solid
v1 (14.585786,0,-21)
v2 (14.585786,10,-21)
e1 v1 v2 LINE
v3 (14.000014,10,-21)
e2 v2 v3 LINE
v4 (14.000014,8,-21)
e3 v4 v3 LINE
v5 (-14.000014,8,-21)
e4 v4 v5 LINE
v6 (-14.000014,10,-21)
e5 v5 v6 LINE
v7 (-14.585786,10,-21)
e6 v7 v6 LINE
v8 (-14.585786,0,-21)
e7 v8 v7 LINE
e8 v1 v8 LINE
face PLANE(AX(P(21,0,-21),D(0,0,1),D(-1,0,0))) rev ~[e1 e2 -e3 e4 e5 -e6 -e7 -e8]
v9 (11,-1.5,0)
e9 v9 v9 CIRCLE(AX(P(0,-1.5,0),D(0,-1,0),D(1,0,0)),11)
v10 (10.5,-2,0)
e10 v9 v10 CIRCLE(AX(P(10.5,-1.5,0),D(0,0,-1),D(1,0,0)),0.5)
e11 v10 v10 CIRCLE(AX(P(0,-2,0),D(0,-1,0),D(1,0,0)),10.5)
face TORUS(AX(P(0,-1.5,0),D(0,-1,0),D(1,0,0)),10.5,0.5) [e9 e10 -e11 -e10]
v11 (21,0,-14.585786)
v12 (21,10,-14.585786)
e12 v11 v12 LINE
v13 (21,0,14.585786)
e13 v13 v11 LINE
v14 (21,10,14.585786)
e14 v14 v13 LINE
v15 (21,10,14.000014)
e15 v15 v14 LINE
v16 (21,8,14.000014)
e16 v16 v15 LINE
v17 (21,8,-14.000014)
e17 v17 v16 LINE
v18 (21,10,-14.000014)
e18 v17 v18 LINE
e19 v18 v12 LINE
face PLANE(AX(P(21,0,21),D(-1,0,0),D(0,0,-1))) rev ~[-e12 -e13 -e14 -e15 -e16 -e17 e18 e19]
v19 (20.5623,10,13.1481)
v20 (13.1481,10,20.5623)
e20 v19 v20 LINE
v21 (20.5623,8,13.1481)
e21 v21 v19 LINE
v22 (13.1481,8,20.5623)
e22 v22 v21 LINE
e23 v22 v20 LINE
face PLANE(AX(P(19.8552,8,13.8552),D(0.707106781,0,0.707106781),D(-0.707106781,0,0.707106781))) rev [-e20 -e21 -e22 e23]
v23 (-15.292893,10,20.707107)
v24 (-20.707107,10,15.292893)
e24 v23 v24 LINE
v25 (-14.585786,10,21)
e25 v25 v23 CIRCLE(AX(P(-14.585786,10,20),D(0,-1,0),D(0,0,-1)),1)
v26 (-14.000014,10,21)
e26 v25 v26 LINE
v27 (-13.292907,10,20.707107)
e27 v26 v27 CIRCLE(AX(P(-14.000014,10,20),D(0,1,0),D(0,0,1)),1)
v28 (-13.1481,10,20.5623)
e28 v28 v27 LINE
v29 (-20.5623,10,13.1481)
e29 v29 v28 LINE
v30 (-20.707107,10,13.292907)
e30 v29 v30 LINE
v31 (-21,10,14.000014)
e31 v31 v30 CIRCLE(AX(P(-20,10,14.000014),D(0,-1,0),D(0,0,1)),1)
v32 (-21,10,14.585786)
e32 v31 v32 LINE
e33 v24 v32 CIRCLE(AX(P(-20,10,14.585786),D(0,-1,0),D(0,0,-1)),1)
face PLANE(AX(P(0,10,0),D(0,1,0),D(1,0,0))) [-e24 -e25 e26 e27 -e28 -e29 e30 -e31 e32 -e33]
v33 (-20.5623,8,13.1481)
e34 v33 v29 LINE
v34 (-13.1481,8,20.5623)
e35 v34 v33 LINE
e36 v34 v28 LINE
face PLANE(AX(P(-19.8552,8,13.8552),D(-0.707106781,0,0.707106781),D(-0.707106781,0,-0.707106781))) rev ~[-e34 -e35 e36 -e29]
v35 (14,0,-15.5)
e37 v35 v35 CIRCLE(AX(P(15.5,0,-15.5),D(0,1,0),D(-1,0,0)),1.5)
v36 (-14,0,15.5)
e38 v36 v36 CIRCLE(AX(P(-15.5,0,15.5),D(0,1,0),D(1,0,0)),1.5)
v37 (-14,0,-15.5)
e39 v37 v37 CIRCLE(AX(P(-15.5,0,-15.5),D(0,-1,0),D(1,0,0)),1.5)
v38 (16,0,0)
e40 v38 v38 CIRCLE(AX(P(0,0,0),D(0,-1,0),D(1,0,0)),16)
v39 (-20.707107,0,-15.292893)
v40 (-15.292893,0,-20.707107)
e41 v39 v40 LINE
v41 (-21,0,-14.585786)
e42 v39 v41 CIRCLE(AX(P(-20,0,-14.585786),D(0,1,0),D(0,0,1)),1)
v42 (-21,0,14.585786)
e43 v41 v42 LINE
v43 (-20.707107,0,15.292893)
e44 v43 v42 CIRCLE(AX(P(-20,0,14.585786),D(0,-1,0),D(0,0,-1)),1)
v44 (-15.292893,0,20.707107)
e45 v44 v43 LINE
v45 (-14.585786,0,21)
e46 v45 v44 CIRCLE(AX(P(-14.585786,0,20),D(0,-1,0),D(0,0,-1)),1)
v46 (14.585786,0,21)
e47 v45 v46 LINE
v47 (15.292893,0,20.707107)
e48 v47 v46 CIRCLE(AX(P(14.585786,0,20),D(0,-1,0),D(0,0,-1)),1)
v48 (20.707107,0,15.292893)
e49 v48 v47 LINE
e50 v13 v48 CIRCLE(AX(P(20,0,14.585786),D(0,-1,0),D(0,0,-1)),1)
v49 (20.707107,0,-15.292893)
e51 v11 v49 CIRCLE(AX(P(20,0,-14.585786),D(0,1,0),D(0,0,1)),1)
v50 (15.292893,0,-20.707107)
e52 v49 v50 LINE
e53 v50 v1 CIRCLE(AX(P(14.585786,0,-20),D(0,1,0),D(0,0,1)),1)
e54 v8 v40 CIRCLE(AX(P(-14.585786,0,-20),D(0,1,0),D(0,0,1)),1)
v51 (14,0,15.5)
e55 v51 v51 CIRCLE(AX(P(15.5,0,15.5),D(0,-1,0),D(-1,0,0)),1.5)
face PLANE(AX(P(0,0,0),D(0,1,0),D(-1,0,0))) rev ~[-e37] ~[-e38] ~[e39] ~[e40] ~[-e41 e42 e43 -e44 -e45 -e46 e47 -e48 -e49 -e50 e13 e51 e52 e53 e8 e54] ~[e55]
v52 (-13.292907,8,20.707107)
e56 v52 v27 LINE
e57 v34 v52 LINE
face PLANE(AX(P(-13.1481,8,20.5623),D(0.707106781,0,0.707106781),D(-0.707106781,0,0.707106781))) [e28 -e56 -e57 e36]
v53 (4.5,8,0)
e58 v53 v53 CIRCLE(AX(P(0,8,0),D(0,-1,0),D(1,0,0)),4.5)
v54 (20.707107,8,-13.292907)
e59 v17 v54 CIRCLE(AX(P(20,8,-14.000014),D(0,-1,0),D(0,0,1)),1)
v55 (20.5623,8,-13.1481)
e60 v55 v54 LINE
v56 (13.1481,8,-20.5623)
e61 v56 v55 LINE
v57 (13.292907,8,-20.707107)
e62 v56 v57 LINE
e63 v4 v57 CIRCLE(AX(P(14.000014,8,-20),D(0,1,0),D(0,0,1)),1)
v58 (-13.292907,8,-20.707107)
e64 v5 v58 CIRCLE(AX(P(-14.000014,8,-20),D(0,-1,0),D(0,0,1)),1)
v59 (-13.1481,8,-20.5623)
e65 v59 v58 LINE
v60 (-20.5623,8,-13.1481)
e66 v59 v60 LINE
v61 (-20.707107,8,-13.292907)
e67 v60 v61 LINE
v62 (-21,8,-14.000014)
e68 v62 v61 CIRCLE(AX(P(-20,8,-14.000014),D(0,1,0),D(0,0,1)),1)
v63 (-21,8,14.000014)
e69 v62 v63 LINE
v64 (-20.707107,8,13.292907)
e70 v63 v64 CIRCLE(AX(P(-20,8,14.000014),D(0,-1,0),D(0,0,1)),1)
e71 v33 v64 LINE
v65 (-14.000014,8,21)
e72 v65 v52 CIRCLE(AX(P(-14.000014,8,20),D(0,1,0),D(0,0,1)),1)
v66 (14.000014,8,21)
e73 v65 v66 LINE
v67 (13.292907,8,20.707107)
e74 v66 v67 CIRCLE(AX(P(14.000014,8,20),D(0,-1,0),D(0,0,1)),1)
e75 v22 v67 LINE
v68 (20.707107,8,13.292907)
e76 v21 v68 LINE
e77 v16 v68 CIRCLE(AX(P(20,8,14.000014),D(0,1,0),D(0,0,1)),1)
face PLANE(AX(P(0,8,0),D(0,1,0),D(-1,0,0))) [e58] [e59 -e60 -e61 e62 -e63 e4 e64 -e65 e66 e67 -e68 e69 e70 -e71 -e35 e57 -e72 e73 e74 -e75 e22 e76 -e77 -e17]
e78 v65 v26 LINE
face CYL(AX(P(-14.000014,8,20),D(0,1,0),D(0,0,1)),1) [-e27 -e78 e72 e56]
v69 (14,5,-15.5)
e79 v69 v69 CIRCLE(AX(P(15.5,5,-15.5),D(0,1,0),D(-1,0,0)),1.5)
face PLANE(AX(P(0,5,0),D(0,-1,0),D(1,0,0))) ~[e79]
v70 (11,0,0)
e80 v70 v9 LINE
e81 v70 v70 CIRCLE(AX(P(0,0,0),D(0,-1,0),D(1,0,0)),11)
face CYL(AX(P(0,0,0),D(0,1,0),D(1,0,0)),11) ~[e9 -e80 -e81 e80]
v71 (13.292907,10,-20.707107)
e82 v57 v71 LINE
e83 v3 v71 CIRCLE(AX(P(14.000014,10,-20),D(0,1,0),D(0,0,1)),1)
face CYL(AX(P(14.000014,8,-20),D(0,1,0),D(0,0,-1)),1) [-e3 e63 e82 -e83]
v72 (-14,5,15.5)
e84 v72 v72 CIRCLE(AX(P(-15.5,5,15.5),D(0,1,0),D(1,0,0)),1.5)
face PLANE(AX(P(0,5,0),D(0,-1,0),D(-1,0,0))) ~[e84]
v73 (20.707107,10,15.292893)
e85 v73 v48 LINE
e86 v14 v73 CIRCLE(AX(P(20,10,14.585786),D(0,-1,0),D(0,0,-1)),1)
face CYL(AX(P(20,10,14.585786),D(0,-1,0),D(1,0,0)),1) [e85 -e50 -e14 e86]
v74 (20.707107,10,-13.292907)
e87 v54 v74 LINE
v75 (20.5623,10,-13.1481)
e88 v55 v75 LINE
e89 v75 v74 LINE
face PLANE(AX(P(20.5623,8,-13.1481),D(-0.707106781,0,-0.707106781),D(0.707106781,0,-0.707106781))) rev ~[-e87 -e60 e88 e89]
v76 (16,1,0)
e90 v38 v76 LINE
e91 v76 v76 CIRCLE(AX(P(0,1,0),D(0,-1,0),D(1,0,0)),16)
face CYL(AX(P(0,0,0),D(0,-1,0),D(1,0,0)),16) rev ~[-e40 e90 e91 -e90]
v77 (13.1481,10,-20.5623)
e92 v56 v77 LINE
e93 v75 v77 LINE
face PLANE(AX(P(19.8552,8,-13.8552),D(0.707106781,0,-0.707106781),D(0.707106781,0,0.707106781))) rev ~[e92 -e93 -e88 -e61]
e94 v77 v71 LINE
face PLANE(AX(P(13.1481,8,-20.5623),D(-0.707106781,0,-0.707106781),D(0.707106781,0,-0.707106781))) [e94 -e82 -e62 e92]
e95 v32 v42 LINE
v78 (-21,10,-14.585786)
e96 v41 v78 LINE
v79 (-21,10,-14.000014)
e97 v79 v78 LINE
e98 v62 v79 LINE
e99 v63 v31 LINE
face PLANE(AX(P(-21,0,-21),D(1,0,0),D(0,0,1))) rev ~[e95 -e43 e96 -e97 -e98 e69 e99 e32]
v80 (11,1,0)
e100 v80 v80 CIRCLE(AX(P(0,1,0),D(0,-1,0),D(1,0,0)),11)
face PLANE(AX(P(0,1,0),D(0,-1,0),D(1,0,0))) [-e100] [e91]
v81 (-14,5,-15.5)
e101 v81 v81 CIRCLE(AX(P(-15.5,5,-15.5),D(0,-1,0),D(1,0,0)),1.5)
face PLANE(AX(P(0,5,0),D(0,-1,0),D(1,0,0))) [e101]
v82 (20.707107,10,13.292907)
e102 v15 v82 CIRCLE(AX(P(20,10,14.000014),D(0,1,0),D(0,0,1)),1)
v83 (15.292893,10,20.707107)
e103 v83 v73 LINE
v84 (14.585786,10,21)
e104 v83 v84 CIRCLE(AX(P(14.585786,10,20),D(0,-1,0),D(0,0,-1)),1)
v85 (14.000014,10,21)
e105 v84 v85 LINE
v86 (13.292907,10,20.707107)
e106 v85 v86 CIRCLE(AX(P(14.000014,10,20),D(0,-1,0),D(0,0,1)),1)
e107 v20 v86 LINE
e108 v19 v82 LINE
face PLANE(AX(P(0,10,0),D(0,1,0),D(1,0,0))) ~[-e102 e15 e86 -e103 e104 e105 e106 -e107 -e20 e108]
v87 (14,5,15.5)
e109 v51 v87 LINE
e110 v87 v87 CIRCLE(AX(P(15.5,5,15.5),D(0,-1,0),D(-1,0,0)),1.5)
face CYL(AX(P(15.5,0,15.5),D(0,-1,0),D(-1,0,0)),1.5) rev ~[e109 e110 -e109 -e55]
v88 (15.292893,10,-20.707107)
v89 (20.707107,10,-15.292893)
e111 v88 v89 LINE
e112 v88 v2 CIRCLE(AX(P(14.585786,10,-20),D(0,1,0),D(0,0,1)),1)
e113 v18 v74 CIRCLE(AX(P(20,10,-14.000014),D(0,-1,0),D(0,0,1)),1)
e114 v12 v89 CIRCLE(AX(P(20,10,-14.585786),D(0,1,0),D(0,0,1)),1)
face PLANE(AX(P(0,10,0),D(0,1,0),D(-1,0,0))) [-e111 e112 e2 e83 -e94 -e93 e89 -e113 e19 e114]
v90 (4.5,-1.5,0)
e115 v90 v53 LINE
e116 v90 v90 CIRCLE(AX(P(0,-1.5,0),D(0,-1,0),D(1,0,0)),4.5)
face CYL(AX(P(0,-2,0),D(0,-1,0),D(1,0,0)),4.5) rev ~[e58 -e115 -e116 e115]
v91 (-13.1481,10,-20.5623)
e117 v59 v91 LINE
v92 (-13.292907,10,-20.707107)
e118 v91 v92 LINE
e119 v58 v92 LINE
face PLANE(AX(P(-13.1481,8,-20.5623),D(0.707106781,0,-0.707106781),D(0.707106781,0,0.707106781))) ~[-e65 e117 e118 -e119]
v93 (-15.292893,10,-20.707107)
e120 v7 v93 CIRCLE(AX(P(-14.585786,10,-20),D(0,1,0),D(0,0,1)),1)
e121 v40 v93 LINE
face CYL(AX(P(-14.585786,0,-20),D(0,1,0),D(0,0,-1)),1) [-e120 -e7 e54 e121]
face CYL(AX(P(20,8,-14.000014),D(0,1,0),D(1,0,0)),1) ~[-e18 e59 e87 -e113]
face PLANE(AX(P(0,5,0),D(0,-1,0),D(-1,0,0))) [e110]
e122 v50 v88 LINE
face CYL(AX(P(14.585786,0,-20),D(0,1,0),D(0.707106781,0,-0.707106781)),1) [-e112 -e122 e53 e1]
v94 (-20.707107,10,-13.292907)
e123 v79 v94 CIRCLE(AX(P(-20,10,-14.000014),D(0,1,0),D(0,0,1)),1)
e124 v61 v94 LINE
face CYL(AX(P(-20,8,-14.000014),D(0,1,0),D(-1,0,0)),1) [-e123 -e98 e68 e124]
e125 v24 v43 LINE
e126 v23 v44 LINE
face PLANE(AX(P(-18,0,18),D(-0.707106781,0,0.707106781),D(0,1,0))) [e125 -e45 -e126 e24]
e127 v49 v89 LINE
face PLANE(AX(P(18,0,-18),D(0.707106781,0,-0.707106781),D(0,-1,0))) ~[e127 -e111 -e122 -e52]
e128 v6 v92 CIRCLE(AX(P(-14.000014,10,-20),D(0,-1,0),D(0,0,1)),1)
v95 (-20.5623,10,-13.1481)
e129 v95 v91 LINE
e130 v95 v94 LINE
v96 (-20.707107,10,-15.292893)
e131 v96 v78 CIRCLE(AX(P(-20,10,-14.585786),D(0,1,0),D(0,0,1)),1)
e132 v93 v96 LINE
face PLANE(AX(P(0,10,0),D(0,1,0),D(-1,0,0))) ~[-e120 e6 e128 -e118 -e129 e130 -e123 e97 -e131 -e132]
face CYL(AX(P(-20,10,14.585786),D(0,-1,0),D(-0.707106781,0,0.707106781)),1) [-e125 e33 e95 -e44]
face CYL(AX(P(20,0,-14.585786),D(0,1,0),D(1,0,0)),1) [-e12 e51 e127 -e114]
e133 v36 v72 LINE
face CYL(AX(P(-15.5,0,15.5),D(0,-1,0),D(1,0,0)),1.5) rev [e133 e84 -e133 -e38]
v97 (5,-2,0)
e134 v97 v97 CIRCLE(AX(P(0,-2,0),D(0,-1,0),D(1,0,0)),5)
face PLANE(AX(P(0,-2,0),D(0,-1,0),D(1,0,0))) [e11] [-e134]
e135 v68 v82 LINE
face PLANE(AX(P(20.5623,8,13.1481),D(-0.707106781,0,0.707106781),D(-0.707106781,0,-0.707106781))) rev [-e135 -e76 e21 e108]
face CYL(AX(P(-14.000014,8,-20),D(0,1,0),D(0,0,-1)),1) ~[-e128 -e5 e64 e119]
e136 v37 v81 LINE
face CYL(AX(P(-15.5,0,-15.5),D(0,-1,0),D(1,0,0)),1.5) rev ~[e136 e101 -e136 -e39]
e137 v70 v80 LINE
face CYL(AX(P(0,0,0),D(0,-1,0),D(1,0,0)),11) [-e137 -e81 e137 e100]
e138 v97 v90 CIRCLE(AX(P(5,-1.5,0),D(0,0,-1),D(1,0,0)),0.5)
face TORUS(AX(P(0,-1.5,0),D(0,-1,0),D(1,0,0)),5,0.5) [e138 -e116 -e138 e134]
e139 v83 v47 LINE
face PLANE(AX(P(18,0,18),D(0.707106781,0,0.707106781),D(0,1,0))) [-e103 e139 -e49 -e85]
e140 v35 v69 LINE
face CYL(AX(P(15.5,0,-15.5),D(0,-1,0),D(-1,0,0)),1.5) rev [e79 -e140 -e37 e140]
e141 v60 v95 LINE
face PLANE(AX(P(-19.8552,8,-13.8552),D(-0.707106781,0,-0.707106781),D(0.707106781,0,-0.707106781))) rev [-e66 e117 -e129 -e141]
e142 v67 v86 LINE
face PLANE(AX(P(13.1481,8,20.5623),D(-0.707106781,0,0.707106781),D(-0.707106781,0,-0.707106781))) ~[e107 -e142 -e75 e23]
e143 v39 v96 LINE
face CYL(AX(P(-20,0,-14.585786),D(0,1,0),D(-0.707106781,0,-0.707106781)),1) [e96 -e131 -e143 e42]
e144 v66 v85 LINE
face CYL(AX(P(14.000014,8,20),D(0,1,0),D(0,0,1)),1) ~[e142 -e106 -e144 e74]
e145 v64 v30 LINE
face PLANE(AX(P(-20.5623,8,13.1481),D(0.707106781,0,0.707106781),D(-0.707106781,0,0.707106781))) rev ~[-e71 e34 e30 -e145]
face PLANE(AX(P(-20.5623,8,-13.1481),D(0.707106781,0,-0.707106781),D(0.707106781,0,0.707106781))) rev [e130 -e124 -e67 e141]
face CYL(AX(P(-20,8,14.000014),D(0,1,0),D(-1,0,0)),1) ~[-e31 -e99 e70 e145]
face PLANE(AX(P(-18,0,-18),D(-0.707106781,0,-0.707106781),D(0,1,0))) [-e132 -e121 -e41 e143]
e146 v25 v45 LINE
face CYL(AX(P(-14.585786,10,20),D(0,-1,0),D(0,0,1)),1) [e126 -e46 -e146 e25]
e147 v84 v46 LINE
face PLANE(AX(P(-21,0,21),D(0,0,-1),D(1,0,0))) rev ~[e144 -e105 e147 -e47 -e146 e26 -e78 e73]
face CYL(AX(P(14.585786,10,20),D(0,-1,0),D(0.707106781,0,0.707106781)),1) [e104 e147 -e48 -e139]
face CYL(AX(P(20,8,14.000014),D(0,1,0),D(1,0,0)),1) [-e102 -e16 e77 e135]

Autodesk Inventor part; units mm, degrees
ref_plane "YZ Plane" through (0, 0, 0) normal (1, 0, 0) x (0, 1, 0)
ref_plane "XZ Plane" through (0, 0, 0) normal (0, 1, 0) x (-1, 0, 0)
ref_plane "XY Plane" through (0, 0, 0) normal (0, 0, 1) x (1, 0, 0)
sketch "Sketch1" plane through (0, 0, 0) normal (0, 1, 0) x (-1, 0, 0)
  line L0 (-21, -21) -> (21, -21)
  line L1 (21, -21) -> (21, 21)
  line L2 (21, 21) -> (-21, 21)
  line L3 (-21, 21) -> (-21, -21)
  line L4 (-21, -21) -> (21, 21) construction
  line L5 (21, -21) -> (-21, 21) construction
  point P0 (0, 0)
  dimension "d0" = 42
  dimension "d1" = 42
extrude "Extrusion1" add sketch "Sketch1" along normal blind 8
sketch "Sketch2" plane through (0, 0, 0) normal (0, -1, 0) x (1, 0, 0)
  point P0 (0, 0)
chamfer "Chamfer1" distance 6 angle 45 4 edges at (-21, 4, 21) (21, 4, 21) (21, 4, -21) (-21, 4, -21)
sketch "Sketch3" plane through (0, 8, 0) normal (0, 1, 0) x (1, 0, 0)
  line L0 (-21, 15) -> (-15, 21) projected
  line L1 (-21, 15) -> (-21, -15) projected
  line L2 (-15, -21) -> (-21, -15) projected
  line L3 (-15, -21) -> (15, -21) projected
  line L4 (21, -15) -> (15, -21) projected
  line L5 (21, -15) -> (21, 15) projected
  line L6 (15, 21) -> (21, 15) projected
  line L7 (15, 21) -> (-15, 21) projected
  line L8 (-19.6609, -14.0495) -> (-13.6609, -20.0495)
  line L9 (-15, -21) -> (-21, -15) projected
  line L10 (-21, -15) -> (-19.8552, -13.8552)
  line L11 (-19.8552, -13.8552) -> (-19.6609, -14.0495)
  line L12 (-15, -21) -> (-13.8552, -19.8552)
  line L13 (-13.6609, -20.0495) -> (-13.1481, -20.5623)
  line L14 (-13.1481, -20.5623) -> (-13.5858, -21)
  line L15 (-19.8552, -13.8552) -> (-20.5623, -13.1481)
  line L16 (-20.5623, -13.1481) -> (-21, -13.5858)
  point P0 (0, 0)
  dimension "d11" = 1
  dimension "d12" = 1
extrude "Extrusion2" add sketch "Sketch3" along normal blind 2 contours L16 L15 L10 L1 | L10 L11 L8 L12 L2 | L12 L8 L13 L14 L3
mirror "Mirror1" about plane through (0, 0, 0) normal (0, 0, 1) of "Extrusion2"
mirror "Mirror2" about plane through (0, 0, 0) normal (1, 0, 0) of "Extrusion2", "Mirror1"
fillet "Fillet2" radius 1 8 edges at (15, 5, -21) (21, 5, -15) (21, 5, 15) (15, 5, 21) (-15, 5, 21) (-21, 5, 15) (-21, 5, -15) (-15, 5, -21)
fillet "Fillet3" radius 1 8 edges at (-21, 9, 13.5858) (-13.5858, 9, 21) (13.5858, 9, 21) (21, 9, 13.5858) (21, 9, -13.5858) (13.5858, 9, -21) (-13.5858, 9, -21) (-21, 9, -13.5858)
sketch "Sketch4" plane through (0, 0, 0) normal (0, -1, 0) x (1, 0, 0)
  circle A0 centre (0, 0) radius 16
  circle A1 centre (0, 0) radius 11
  dimension "d14" = 32
  dimension "d15" = 22
extrude "Extrusion3" cut sketch "Sketch4" against normal blind 1
sketch "Sketch5" plane through (0, 0, 0) normal (0, -1, 0) x (1, 0, 0)
  circle A0 centre (0, 0) radius 11 projected
extrude "Extrusion4" add sketch "Sketch5" along normal blind 2
sketch "Sketch6" plane through (0, -2, 0) normal (0, -1, 0) x (1, 0, 0)
  circle A0 centre (0, 0) radius 4.5
  dimension "d20" = 9
extrude "Extrusion5" cut sketch "Sketch6" against normal up to surface (10 mm away)
sketch "Sketch7" plane through (0, 0, 0) normal (0, -1, 0) x (1, 0, 0)
  point P0 (0, 0)
sketch "Sketch8" plane through (0, 0, 0) normal (0, -1, 0) x (1, 0, 0)
  circle A0 centre (-15.5, -15.5) radius 1.5
  line L0 (14.5858, -21) -> (-14.5858, -21) projected
  line L1 (-21, -14.5858) -> (-21, 14.5858) projected
  point P0 (0, 0)
  dimension "d23" = 3
  dimension "d24" = 5.5
  dimension "d25" = 5.5
extrude "Extrusion6" cut sketch "Sketch8" against normal blind 5
mirror "Mirror3" about plane through (0, 0, 0) normal (0, 0, 1) of "Extrusion6"
mirror "Mirror4" about plane through (0, 0, 0) normal (1, 0, 0) of "Extrusion6", "Mirror3"
fillet "Fillet4" radius 0.5 1 edges at (-11, -2, 0)
fillet "Fillet5" radius 0.5 1 edges at (-4.5, -2, 0)
equation "\"d12\" = d11"
equation "\"d25\" = d24"
